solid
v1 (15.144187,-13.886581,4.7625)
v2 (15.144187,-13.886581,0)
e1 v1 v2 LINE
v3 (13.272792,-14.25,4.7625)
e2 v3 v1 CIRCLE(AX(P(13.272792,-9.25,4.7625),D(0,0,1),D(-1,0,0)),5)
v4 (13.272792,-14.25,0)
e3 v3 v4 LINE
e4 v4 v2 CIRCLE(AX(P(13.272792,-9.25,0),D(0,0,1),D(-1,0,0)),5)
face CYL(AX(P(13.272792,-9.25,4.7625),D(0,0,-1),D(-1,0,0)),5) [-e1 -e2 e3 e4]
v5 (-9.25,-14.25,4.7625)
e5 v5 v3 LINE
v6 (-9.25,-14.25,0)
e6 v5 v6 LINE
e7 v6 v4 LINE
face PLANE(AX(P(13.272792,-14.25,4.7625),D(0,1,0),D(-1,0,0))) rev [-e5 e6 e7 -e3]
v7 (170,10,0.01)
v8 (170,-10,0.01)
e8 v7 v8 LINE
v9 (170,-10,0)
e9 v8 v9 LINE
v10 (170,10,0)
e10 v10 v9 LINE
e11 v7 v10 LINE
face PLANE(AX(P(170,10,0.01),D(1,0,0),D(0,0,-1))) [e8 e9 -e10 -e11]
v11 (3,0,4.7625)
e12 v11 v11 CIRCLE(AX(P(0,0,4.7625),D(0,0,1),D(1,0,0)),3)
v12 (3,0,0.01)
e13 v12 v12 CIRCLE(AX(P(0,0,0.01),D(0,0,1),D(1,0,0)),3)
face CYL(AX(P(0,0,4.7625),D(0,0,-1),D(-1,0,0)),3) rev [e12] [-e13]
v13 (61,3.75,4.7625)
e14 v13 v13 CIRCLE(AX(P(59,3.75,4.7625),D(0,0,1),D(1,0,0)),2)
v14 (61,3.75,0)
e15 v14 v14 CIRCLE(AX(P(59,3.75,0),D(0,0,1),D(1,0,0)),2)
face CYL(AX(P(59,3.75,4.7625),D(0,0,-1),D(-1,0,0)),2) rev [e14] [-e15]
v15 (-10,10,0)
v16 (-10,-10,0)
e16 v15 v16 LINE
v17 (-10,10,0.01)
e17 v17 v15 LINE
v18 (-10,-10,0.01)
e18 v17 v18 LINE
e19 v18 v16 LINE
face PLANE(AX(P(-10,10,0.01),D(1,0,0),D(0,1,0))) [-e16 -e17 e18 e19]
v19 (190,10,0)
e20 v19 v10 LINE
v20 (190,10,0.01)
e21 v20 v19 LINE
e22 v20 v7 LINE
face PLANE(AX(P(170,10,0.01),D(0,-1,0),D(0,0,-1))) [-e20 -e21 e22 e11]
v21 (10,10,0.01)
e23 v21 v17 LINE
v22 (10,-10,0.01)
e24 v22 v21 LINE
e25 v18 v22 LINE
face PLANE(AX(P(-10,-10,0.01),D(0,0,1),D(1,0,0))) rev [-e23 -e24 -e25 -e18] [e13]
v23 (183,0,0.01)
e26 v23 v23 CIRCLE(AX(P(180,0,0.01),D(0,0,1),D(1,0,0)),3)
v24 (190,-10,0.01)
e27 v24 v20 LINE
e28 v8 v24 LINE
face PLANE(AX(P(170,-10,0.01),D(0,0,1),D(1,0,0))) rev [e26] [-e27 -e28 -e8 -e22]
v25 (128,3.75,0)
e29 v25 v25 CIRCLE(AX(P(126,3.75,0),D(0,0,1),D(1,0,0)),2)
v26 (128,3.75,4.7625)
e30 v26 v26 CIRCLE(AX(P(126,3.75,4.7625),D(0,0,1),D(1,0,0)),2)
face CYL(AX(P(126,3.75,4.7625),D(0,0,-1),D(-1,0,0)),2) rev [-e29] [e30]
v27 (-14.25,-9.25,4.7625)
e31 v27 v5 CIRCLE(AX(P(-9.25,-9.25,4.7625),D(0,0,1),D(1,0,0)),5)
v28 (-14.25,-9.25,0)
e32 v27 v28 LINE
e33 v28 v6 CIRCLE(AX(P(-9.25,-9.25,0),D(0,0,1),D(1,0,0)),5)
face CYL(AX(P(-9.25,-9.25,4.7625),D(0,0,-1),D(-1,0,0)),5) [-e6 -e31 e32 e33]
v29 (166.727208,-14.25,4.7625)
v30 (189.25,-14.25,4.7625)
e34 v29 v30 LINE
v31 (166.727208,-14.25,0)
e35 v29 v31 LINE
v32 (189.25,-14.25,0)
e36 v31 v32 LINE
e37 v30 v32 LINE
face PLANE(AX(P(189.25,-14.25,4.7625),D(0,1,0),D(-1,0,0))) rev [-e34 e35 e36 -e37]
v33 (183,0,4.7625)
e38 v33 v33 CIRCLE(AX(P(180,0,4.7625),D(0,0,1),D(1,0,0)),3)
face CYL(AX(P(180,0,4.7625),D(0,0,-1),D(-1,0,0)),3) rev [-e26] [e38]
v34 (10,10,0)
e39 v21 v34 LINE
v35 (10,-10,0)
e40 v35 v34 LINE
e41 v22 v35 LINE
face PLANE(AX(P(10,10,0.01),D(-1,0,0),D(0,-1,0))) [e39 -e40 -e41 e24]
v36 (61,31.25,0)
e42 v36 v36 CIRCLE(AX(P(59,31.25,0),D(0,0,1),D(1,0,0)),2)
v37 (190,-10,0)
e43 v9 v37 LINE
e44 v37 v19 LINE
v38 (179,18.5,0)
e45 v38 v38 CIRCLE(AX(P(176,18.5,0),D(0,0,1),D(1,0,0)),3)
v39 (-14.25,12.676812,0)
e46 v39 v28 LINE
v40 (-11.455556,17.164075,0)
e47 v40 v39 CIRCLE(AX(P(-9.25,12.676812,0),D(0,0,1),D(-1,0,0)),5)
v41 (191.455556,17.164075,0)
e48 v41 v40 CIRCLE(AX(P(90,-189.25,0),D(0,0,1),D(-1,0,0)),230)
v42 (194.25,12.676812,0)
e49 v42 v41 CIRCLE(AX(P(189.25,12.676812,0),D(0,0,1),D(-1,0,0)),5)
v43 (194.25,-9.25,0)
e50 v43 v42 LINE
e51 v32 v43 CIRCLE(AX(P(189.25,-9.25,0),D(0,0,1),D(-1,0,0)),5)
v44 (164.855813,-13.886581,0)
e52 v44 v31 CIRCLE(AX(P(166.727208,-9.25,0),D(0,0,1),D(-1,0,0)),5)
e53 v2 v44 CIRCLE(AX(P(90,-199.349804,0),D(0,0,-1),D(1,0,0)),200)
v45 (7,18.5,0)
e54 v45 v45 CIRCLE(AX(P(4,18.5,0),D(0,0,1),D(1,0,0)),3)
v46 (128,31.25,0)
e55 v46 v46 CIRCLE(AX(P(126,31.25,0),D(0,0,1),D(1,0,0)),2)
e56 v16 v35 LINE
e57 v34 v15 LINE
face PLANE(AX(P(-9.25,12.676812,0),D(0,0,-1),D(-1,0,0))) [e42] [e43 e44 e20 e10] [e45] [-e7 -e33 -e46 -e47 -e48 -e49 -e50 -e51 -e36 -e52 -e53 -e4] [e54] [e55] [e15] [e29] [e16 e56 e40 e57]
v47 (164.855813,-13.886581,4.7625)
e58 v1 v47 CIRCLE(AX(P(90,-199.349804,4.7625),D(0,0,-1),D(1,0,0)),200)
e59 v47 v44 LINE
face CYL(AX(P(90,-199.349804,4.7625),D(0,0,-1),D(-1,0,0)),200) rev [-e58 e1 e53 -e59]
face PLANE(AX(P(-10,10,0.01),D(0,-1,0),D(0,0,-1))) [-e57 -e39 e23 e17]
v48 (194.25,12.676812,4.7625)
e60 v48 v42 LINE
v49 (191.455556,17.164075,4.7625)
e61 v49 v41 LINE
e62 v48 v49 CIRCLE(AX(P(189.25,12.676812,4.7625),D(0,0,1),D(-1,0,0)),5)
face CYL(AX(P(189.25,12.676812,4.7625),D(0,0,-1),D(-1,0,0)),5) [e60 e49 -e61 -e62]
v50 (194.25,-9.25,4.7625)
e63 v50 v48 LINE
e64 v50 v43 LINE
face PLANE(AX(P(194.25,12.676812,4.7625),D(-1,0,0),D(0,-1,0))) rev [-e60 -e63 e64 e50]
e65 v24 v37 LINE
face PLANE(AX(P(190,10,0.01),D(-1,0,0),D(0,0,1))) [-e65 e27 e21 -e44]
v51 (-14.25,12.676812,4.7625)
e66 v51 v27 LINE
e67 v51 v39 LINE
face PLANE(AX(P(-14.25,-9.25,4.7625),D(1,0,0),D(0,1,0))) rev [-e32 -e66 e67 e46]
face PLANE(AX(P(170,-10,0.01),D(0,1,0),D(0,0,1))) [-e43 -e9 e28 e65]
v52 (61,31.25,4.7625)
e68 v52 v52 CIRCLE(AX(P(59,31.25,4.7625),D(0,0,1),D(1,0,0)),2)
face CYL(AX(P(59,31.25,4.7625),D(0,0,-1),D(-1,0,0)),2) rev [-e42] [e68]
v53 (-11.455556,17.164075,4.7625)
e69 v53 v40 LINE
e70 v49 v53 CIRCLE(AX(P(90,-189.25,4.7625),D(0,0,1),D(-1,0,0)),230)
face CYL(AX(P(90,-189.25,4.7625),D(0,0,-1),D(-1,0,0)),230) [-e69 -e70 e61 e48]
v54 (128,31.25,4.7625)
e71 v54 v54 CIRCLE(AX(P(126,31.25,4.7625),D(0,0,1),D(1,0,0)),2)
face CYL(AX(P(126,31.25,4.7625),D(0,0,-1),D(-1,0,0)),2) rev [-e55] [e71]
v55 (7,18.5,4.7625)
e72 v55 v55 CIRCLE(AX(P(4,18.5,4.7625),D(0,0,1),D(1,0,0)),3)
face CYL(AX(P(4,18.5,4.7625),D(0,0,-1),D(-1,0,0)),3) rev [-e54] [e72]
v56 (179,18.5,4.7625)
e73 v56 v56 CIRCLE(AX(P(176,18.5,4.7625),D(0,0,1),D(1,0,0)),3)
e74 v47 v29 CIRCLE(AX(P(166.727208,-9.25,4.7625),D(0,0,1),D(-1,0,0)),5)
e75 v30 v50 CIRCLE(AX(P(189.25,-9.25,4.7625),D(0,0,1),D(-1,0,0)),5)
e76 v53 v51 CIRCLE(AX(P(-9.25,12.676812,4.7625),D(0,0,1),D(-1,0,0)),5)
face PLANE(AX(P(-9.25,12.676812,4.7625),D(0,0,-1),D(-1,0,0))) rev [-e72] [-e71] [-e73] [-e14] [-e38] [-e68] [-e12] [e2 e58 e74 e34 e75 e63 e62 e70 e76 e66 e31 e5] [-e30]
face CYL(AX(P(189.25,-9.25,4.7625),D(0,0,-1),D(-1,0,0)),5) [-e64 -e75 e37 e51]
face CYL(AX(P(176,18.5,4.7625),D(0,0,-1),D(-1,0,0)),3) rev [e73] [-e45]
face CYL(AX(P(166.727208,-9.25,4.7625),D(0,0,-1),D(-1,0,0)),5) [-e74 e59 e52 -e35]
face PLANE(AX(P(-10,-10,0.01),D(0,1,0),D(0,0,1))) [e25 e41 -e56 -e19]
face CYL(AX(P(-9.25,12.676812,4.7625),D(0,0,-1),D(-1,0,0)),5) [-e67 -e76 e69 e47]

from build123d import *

# Parameters (mm, degrees)
SKETCH1_R           = 2
SKETCH1_R_2         = 3
BOSS_EXTRUDE1_DEPTH = 4.7625
SKETCH4_W           = 20
SKETCH4_H           = 20
CUT_EXTRUDE2_DEPTH  = 0.01


with BuildPart() as part:
    # Sketch1 → Boss-Extrude1 (new body)
    with BuildSketch(Plane.XY):
        with BuildLine():
            Line((-14.25, -9.25), (-14.25, 12.676812237))
            ThreePointArc((-14.25, 12.676812237), (-13.494277193, 15.319937491), (-11.455555556, 17.164074731))
            ThreePointArc((-11.455555556, 17.164074731), (90, 40.75), (191.455555556, 17.164074731))
            ThreePointArc((191.455555556, 17.164074731), (193.494277193, 15.319937491), (194.25, 12.676812237))
            Line((194.25, 12.676812237), (194.25, -9.25))
            ThreePointArc((194.25, -9.25), (192.785533906, -12.785533906), (189.25, -14.25))
            Line((189.25, -14.25), (166.727208071, -14.25))
            ThreePointArc((166.727208071, -14.25), (165.774029952, -14.158304338), (164.855812752, -13.886580589))
            ThreePointArc((164.855812752, -13.886580589), (90, 0.65019584), (15.144187248, -13.886580589))
            ThreePointArc((15.144187248, -13.886580589), (14.225970048, -14.158304338), (13.272791929, -14.25))
            Line((13.272791929, -14.25), (-9.25, -14.25))
            ThreePointArc((-9.25, -14.25), (-12.785533906, -12.785533906), (-14.25, -9.25))
        make_face()
        with Locations((59, 31.25)):
            Circle(SKETCH1_R, mode=Mode.SUBTRACT)
        with Locations((59, 3.75)):
            Circle(SKETCH1_R, mode=Mode.SUBTRACT)
        with Locations((126, 31.25)):
            Circle(SKETCH1_R, mode=Mode.SUBTRACT)
        with Locations((126, 3.75)):
            Circle(SKETCH1_R, mode=Mode.SUBTRACT)
        with Locations((180, 0)):
            Circle(SKETCH1_R_2, mode=Mode.SUBTRACT)
        Circle(SKETCH1_R_2, mode=Mode.SUBTRACT)
        with Locations((4, 18.5)):
            Circle(SKETCH1_R_2, mode=Mode.SUBTRACT)
        with Locations((176, 18.5)):
            Circle(SKETCH1_R_2, mode=Mode.SUBTRACT)
    extrude(amount=BOSS_EXTRUDE1_DEPTH)

    # Sketch4 → Cut-Extrude2 (cut)
    with BuildSketch(Plane.XY):
        Rectangle(SKETCH4_W, SKETCH4_H)
        with Locations((180, 0)):
            Rectangle(SKETCH4_W, SKETCH4_H)
    extrude(amount=CUT_EXTRUDE2_DEPTH, mode=Mode.SUBTRACT)


solid = part.part
